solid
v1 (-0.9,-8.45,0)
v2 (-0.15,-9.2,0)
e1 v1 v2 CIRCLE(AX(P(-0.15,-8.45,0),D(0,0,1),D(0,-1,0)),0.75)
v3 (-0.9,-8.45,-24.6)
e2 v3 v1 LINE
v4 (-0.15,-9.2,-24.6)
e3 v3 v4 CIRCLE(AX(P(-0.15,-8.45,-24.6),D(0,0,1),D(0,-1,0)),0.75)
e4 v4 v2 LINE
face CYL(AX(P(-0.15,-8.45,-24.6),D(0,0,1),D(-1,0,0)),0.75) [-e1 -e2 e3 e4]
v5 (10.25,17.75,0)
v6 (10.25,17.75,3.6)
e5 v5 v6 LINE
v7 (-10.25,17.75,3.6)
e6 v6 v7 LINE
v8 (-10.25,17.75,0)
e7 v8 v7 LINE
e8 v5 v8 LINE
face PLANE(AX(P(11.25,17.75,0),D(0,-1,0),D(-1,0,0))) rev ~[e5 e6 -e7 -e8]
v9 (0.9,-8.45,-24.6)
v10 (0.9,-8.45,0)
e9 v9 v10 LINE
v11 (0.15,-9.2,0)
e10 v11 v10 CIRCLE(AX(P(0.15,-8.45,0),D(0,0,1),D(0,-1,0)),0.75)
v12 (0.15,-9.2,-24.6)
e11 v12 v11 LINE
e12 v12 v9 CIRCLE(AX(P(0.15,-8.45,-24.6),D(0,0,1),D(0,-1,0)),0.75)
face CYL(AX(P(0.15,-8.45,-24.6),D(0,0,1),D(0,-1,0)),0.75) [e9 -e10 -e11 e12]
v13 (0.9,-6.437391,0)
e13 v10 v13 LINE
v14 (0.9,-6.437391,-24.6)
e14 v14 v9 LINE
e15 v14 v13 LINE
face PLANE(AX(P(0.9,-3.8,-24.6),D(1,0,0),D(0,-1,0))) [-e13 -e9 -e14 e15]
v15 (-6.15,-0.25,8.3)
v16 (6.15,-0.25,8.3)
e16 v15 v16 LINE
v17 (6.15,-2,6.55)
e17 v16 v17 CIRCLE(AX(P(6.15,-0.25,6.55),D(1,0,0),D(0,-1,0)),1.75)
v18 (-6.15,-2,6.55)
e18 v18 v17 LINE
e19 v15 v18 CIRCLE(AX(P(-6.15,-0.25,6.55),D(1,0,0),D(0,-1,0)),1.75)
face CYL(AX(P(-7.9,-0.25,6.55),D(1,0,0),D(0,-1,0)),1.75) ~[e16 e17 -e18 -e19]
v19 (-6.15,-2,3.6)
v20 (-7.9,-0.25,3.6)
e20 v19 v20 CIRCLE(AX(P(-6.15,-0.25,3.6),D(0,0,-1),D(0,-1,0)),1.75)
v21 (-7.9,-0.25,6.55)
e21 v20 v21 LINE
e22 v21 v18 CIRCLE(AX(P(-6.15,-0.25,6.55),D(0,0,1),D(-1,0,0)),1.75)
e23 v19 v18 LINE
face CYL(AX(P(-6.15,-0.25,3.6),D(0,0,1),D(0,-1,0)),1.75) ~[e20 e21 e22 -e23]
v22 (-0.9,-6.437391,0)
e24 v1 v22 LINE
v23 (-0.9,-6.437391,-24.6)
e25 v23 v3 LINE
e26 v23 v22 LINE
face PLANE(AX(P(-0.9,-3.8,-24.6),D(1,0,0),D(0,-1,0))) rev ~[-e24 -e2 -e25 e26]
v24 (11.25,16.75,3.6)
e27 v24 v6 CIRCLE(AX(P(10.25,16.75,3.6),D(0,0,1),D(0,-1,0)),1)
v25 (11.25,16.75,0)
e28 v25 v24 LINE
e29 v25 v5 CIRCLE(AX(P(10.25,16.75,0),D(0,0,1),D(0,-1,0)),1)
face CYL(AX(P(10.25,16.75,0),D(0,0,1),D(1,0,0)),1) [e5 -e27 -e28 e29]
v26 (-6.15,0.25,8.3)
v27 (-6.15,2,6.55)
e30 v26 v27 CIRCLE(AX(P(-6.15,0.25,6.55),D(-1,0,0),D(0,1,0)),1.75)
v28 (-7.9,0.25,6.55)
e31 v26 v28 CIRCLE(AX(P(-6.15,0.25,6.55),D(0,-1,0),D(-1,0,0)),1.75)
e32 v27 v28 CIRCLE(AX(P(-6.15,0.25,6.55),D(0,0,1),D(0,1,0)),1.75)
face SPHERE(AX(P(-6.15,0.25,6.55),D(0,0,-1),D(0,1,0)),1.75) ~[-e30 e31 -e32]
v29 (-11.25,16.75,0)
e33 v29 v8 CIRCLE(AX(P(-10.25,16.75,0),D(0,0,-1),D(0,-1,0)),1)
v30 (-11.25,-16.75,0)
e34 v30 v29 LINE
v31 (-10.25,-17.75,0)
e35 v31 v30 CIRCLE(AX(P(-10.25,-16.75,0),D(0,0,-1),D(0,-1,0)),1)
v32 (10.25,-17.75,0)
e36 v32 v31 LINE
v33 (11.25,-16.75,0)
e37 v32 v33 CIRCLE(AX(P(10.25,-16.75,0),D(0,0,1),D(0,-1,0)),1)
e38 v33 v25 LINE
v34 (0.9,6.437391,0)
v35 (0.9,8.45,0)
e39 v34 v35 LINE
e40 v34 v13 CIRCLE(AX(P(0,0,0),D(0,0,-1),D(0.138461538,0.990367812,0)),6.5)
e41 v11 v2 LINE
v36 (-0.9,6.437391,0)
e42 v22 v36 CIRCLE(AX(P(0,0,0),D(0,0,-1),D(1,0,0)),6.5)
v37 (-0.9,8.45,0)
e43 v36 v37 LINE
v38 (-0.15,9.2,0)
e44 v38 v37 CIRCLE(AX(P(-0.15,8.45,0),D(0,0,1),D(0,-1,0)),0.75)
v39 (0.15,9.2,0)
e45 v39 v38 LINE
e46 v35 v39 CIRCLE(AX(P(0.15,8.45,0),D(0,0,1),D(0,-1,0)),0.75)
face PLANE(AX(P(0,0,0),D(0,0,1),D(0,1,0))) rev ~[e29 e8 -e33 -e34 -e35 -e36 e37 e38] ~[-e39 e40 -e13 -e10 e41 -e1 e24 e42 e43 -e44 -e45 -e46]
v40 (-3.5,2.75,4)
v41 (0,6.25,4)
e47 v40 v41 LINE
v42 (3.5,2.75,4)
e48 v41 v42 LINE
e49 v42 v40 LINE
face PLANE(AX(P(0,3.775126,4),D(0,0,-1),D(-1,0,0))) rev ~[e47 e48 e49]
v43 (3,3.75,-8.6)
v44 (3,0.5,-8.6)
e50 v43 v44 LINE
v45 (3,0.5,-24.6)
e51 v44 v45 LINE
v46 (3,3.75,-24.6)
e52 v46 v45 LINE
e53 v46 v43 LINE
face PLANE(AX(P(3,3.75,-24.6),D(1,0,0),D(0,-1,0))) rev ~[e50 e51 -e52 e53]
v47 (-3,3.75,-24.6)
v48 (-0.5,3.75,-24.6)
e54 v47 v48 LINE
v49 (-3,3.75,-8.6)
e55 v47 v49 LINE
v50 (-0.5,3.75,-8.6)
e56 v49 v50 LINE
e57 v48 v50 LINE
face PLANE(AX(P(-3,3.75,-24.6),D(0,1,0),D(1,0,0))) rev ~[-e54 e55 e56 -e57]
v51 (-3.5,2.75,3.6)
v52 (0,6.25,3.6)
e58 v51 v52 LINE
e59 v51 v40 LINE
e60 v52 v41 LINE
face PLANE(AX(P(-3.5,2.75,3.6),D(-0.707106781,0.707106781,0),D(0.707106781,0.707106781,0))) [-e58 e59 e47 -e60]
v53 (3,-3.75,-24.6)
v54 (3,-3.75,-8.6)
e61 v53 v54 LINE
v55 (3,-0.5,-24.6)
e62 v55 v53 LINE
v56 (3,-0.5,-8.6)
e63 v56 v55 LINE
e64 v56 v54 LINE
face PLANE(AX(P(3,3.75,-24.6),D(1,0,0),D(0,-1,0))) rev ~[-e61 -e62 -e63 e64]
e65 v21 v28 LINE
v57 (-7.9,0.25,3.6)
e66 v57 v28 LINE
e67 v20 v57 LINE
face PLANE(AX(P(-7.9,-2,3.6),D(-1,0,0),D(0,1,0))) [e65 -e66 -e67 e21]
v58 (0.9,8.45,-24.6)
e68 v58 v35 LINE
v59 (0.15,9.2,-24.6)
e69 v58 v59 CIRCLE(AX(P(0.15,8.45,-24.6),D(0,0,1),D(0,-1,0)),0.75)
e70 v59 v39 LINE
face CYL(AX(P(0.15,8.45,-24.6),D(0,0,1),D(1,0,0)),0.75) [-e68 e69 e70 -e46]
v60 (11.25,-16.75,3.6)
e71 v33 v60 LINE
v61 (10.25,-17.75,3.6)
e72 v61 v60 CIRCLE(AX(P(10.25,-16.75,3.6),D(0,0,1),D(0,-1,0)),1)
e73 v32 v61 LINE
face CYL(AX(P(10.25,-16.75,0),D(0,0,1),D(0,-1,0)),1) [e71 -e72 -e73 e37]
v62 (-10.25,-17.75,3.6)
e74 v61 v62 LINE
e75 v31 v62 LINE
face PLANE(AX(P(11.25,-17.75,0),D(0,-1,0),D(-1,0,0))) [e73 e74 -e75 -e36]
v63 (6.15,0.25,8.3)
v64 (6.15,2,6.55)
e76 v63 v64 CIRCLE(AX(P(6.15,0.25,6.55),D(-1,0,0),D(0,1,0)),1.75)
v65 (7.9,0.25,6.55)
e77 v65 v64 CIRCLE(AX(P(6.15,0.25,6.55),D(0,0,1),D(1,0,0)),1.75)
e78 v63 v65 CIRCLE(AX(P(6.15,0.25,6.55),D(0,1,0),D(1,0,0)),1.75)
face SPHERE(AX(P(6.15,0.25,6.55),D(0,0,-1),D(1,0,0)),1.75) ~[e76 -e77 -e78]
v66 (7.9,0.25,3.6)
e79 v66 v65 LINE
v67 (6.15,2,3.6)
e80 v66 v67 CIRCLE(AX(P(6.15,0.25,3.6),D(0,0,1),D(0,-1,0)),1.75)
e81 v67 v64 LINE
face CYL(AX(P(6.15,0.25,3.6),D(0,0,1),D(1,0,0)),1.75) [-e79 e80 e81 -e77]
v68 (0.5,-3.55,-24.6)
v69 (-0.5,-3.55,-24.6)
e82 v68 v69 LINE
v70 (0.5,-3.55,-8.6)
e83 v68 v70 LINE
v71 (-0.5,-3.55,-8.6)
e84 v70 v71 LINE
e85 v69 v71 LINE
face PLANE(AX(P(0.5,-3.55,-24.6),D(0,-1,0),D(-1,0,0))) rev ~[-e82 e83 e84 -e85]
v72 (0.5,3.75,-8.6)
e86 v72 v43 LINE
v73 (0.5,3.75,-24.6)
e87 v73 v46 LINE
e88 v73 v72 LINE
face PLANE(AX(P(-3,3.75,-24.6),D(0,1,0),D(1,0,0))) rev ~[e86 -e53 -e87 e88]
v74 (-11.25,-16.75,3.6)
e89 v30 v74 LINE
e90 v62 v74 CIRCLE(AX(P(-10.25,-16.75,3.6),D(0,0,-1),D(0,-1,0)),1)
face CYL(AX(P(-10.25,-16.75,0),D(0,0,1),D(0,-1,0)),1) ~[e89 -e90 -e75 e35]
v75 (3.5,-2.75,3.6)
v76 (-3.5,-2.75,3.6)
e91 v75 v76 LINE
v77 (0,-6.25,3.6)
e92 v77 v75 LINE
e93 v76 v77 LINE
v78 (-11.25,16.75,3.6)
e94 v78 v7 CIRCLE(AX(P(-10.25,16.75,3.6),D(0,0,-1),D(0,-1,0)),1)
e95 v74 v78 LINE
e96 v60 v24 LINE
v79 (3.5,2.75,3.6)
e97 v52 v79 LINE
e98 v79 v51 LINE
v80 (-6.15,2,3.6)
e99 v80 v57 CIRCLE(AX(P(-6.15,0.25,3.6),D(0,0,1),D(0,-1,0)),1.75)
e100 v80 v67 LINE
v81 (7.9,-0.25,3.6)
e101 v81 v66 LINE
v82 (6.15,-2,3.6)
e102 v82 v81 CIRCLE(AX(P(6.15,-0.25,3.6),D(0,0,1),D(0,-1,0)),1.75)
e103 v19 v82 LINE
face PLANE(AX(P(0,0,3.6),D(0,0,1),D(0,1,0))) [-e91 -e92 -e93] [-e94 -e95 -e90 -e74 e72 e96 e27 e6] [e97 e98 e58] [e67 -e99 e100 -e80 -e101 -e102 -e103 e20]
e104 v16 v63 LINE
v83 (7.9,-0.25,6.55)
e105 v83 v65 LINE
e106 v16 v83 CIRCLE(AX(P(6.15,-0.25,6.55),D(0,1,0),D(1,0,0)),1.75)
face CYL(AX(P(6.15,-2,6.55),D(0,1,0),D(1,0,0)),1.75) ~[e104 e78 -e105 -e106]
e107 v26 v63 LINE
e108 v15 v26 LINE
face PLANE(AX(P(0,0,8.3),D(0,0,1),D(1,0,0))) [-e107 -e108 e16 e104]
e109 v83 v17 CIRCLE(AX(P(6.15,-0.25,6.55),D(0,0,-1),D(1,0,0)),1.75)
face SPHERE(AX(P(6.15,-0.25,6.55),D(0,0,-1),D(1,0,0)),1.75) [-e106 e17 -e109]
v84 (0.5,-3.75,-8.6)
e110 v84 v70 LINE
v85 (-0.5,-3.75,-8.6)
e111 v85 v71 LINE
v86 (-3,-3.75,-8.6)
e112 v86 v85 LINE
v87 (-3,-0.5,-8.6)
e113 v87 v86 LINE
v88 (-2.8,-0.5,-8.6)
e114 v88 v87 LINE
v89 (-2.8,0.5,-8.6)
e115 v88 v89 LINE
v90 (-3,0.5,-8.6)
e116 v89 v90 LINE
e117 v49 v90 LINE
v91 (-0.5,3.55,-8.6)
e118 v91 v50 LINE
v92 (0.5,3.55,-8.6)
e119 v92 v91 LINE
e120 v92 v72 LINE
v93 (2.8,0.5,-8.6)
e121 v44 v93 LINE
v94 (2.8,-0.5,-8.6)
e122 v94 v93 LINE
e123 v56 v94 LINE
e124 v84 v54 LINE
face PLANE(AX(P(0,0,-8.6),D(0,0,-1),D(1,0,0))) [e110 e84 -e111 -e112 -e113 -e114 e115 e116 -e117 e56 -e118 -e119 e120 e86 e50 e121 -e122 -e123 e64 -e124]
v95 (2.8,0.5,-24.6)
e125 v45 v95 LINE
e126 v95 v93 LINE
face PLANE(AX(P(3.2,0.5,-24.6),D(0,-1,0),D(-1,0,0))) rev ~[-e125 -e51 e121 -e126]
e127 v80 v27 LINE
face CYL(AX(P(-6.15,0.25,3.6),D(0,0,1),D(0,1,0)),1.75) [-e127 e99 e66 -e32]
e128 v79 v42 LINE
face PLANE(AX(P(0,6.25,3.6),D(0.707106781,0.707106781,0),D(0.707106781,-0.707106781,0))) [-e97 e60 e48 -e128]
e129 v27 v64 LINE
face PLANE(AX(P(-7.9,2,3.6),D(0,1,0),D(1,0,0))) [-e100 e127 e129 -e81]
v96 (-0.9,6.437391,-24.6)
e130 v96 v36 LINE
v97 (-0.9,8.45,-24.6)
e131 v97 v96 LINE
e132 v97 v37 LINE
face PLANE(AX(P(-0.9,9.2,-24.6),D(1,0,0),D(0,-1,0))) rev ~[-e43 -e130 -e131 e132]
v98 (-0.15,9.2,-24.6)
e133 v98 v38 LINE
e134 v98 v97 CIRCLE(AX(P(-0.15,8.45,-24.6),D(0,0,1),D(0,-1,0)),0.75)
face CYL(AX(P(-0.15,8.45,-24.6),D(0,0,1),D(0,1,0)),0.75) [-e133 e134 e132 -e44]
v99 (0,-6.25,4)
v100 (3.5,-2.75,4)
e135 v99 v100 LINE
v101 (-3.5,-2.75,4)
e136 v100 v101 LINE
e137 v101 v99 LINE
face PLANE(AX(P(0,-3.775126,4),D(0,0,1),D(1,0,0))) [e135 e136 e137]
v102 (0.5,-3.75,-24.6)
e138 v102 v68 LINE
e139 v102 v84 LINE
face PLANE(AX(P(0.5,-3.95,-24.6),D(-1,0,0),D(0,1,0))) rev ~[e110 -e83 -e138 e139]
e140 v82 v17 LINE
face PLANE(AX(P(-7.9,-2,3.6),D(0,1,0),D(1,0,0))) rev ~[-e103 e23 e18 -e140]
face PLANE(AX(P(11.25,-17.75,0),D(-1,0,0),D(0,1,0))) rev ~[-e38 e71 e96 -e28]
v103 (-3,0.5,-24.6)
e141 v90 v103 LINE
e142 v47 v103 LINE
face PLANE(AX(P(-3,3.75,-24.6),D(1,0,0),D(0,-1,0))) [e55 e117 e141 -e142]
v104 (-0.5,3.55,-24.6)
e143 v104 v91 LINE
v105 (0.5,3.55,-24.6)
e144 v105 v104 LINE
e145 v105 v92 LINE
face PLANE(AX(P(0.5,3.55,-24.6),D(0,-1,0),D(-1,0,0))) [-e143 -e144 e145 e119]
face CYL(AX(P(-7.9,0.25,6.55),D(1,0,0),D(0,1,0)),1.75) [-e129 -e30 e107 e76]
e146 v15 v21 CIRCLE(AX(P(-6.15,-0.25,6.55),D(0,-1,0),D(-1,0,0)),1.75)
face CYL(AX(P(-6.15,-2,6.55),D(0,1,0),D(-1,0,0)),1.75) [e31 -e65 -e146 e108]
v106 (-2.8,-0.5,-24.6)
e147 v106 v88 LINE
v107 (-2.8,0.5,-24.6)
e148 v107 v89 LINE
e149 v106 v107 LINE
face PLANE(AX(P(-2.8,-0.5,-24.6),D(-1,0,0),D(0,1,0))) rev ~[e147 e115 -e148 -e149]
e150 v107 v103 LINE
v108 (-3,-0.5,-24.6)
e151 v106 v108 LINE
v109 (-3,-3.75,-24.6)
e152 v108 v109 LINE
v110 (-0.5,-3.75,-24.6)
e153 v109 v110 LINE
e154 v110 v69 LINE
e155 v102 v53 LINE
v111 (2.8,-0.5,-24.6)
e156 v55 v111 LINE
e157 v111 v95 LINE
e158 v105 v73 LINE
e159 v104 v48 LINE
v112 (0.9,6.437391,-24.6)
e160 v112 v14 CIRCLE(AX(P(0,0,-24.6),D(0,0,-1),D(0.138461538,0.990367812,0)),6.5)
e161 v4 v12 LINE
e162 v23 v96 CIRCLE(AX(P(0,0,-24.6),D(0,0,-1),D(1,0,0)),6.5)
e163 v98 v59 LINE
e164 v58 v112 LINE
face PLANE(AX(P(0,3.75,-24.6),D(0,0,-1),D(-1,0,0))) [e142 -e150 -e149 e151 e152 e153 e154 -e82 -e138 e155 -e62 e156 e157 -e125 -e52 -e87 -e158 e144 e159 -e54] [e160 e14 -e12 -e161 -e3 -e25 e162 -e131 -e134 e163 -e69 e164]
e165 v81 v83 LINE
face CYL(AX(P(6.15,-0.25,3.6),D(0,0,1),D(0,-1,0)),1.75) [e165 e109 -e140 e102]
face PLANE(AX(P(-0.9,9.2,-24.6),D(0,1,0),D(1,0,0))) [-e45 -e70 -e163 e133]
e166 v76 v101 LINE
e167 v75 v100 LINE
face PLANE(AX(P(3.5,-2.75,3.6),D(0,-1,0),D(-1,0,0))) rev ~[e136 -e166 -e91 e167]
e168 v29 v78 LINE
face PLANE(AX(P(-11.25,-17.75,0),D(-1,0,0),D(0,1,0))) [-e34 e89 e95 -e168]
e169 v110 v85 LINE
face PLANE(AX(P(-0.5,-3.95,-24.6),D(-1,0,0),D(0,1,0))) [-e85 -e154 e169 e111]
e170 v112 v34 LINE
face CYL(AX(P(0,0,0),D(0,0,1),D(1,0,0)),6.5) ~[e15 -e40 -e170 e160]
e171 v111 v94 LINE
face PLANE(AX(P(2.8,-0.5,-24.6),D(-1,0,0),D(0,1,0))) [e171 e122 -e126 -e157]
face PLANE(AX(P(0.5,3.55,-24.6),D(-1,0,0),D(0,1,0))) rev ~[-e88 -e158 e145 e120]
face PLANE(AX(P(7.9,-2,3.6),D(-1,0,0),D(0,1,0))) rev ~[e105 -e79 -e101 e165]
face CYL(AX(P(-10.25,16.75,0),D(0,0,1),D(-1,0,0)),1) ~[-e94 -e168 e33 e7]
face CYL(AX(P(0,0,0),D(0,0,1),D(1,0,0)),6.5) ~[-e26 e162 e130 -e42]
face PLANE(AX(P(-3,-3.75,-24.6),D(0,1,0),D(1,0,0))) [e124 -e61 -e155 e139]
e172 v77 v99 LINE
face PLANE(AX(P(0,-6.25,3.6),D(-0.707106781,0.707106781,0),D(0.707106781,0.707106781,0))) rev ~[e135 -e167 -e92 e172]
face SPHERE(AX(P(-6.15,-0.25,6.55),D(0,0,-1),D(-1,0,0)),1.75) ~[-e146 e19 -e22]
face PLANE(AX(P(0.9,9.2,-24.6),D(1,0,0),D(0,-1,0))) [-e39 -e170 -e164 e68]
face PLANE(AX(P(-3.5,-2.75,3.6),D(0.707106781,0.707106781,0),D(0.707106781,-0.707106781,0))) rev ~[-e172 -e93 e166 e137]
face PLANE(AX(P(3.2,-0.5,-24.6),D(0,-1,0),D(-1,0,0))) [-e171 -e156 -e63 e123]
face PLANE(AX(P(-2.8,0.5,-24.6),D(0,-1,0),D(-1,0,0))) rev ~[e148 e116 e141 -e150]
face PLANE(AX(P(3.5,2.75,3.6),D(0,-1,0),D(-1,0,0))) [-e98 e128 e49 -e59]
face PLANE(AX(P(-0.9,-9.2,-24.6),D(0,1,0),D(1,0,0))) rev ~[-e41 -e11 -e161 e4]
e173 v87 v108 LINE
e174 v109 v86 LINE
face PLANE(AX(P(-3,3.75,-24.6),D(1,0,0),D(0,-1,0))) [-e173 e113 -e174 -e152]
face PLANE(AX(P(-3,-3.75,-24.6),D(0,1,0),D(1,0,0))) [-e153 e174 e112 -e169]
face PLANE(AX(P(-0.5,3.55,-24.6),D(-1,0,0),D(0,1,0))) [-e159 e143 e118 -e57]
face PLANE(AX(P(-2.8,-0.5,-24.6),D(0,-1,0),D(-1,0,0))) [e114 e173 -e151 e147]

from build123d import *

# Parameters (mm, degrees)
SKETCH1_W           = 35.5
SKETCH1_H           = 22.5
BOSS_EXTRUDE1_DEPTH = 3.6
SKETCH2_W           = 15.8
SKETCH2_H           = 4
BOSS_EXTRUDE2_DEPTH = 4.7
SKETCH3_R           = 6.5
BOSS_EXTRUDE3_DEPTH = 24.6
SKETCH4_W           = 6
SKETCH4_H           = 7.5
CUT_EXTRUDE1_DEPTH  = 16
SKETCH5_W           = 1
SKETCH5_H           = 0.4
SKETCH5_W_2         = 0.4
SKETCH5_H_2         = 1
BOSS_EXTRUDE4_DEPTH = 16
FILLET1_R           = 1
FILLET2_R           = 1.75
BOSS_EXTRUDE5_DEPTH = 0.4
SKETCH7_W           = 1.8
SKETCH7_H           = 5.4
BOSS_EXTRUDE6_DEPTH = 26
FILLET3_R           = 0.75


with BuildPart() as part:
    # Sketch1 → Boss-Extrude1 (new body)
    with BuildSketch(Plane(origin=(0, 0, 0), x_dir=(0, 1, 0), z_dir=(0, 0, 1))):
        Rectangle(SKETCH1_W, SKETCH1_H)
    extrude(amount=BOSS_EXTRUDE1_DEPTH)

    # Sketch2 → Boss-Extrude2 (add)
    with BuildSketch(Plane.XY.offset(3.6)):
        Rectangle(SKETCH2_W, SKETCH2_H)
    extrude(amount=BOSS_EXTRUDE2_DEPTH)

    # Sketch3 → Boss-Extrude3 (add)
    with BuildSketch(Plane(origin=(0, 0, 0), x_dir=(1, 0, 0), z_dir=(0, 0, -1))):
        Circle(SKETCH3_R)
    extrude(amount=BOSS_EXTRUDE3_DEPTH)

    # Sketch4 → Cut-Extrude1 (cut)
    with BuildSketch(Plane(origin=(0, 0, -24.6), x_dir=(1, 0, 0), z_dir=(0, 0, -1))):
        Rectangle(SKETCH4_W, SKETCH4_H)
    extrude(amount=-CUT_EXTRUDE1_DEPTH, mode=Mode.SUBTRACT)

    # Sketch5 → Boss-Extrude4 (add)
    with BuildSketch(Plane(origin=(0, 0, -24.6), x_dir=(-1, 0, 0), z_dir=(0, 0, -1))):
        with Locations((0, 3.75)):
            Rectangle(SKETCH5_W, SKETCH5_H)
        with Locations((-3, 0)):
            Rectangle(SKETCH5_W_2, SKETCH5_H_2)
        with Locations((0, -3.75)):
            Rectangle(SKETCH5_W, SKETCH5_H)
        with Locations((3, 0)):
            Rectangle(SKETCH5_W_2, SKETCH5_H_2)
    extrude(amount=-BOSS_EXTRUDE4_DEPTH)

    # Fillet1
    fillet1_edges = [part.edges().sort_by_distance(p)[0] for p in [
        (11.25, 17.75, 1.8),
        (11.25, -17.75, 1.8),
        (-11.25, -17.75, 1.8),
        (-11.25, 17.75, 1.8),
    ]]
    fillet(fillet1_edges, radius=FILLET1_R)

    # Fillet2
    fillet2_edges = [part.edges().sort_by_distance(p)[0] for p in [
        (7.9, -2, 5.95),
        (7.9, 2, 5.95),
        (-7.9, 2, 5.95),
        (-7.9, -2, 5.95),
        (7.9, 0, 8.3),
        (0, 2, 8.3),
        (-7.9, 0, 8.3),
        (0, -2, 8.3),
    ]]
    fillet(fillet2_edges, radius=FILLET2_R)

    # Sketch6 → Boss-Extrude5 (add)
    with BuildSketch(Plane.XY.offset(3.6)):
        Polygon((3.5, 2.75), (-3.5, 2.75), (0, 6.25), align=None)
        Polygon((3.5, -2.75), (-3.5, -2.75), (0, -6.25), align=None)
    extrude(amount=BOSS_EXTRUDE5_DEPTH)

    # Sketch7 → Boss-Extrude6 (add)
    with BuildSketch(Plane(origin=(0, 0, -24.6), x_dir=(1, 0, 0), z_dir=(0, 0, -1))):
        with Locations((0, 6.5)):
            Rectangle(SKETCH7_W, SKETCH7_H)
        with Locations((0, -6.5)):
            Rectangle(SKETCH7_W, SKETCH7_H)
    extrude(amount=-BOSS_EXTRUDE6_DEPTH)

    # Fillet3
    fillet3_edges = [part.edges().sort_by_distance(p)[0] for p in [
        (0.9, -9.2, -12.3),
        (-0.9, -9.2, -12.3),
        (0.9, 9.2, -12.3),
        (-0.9, 9.2, -12.3),
    ]]
    fillet(fillet3_edges, radius=FILLET3_R)


solid = part.part
